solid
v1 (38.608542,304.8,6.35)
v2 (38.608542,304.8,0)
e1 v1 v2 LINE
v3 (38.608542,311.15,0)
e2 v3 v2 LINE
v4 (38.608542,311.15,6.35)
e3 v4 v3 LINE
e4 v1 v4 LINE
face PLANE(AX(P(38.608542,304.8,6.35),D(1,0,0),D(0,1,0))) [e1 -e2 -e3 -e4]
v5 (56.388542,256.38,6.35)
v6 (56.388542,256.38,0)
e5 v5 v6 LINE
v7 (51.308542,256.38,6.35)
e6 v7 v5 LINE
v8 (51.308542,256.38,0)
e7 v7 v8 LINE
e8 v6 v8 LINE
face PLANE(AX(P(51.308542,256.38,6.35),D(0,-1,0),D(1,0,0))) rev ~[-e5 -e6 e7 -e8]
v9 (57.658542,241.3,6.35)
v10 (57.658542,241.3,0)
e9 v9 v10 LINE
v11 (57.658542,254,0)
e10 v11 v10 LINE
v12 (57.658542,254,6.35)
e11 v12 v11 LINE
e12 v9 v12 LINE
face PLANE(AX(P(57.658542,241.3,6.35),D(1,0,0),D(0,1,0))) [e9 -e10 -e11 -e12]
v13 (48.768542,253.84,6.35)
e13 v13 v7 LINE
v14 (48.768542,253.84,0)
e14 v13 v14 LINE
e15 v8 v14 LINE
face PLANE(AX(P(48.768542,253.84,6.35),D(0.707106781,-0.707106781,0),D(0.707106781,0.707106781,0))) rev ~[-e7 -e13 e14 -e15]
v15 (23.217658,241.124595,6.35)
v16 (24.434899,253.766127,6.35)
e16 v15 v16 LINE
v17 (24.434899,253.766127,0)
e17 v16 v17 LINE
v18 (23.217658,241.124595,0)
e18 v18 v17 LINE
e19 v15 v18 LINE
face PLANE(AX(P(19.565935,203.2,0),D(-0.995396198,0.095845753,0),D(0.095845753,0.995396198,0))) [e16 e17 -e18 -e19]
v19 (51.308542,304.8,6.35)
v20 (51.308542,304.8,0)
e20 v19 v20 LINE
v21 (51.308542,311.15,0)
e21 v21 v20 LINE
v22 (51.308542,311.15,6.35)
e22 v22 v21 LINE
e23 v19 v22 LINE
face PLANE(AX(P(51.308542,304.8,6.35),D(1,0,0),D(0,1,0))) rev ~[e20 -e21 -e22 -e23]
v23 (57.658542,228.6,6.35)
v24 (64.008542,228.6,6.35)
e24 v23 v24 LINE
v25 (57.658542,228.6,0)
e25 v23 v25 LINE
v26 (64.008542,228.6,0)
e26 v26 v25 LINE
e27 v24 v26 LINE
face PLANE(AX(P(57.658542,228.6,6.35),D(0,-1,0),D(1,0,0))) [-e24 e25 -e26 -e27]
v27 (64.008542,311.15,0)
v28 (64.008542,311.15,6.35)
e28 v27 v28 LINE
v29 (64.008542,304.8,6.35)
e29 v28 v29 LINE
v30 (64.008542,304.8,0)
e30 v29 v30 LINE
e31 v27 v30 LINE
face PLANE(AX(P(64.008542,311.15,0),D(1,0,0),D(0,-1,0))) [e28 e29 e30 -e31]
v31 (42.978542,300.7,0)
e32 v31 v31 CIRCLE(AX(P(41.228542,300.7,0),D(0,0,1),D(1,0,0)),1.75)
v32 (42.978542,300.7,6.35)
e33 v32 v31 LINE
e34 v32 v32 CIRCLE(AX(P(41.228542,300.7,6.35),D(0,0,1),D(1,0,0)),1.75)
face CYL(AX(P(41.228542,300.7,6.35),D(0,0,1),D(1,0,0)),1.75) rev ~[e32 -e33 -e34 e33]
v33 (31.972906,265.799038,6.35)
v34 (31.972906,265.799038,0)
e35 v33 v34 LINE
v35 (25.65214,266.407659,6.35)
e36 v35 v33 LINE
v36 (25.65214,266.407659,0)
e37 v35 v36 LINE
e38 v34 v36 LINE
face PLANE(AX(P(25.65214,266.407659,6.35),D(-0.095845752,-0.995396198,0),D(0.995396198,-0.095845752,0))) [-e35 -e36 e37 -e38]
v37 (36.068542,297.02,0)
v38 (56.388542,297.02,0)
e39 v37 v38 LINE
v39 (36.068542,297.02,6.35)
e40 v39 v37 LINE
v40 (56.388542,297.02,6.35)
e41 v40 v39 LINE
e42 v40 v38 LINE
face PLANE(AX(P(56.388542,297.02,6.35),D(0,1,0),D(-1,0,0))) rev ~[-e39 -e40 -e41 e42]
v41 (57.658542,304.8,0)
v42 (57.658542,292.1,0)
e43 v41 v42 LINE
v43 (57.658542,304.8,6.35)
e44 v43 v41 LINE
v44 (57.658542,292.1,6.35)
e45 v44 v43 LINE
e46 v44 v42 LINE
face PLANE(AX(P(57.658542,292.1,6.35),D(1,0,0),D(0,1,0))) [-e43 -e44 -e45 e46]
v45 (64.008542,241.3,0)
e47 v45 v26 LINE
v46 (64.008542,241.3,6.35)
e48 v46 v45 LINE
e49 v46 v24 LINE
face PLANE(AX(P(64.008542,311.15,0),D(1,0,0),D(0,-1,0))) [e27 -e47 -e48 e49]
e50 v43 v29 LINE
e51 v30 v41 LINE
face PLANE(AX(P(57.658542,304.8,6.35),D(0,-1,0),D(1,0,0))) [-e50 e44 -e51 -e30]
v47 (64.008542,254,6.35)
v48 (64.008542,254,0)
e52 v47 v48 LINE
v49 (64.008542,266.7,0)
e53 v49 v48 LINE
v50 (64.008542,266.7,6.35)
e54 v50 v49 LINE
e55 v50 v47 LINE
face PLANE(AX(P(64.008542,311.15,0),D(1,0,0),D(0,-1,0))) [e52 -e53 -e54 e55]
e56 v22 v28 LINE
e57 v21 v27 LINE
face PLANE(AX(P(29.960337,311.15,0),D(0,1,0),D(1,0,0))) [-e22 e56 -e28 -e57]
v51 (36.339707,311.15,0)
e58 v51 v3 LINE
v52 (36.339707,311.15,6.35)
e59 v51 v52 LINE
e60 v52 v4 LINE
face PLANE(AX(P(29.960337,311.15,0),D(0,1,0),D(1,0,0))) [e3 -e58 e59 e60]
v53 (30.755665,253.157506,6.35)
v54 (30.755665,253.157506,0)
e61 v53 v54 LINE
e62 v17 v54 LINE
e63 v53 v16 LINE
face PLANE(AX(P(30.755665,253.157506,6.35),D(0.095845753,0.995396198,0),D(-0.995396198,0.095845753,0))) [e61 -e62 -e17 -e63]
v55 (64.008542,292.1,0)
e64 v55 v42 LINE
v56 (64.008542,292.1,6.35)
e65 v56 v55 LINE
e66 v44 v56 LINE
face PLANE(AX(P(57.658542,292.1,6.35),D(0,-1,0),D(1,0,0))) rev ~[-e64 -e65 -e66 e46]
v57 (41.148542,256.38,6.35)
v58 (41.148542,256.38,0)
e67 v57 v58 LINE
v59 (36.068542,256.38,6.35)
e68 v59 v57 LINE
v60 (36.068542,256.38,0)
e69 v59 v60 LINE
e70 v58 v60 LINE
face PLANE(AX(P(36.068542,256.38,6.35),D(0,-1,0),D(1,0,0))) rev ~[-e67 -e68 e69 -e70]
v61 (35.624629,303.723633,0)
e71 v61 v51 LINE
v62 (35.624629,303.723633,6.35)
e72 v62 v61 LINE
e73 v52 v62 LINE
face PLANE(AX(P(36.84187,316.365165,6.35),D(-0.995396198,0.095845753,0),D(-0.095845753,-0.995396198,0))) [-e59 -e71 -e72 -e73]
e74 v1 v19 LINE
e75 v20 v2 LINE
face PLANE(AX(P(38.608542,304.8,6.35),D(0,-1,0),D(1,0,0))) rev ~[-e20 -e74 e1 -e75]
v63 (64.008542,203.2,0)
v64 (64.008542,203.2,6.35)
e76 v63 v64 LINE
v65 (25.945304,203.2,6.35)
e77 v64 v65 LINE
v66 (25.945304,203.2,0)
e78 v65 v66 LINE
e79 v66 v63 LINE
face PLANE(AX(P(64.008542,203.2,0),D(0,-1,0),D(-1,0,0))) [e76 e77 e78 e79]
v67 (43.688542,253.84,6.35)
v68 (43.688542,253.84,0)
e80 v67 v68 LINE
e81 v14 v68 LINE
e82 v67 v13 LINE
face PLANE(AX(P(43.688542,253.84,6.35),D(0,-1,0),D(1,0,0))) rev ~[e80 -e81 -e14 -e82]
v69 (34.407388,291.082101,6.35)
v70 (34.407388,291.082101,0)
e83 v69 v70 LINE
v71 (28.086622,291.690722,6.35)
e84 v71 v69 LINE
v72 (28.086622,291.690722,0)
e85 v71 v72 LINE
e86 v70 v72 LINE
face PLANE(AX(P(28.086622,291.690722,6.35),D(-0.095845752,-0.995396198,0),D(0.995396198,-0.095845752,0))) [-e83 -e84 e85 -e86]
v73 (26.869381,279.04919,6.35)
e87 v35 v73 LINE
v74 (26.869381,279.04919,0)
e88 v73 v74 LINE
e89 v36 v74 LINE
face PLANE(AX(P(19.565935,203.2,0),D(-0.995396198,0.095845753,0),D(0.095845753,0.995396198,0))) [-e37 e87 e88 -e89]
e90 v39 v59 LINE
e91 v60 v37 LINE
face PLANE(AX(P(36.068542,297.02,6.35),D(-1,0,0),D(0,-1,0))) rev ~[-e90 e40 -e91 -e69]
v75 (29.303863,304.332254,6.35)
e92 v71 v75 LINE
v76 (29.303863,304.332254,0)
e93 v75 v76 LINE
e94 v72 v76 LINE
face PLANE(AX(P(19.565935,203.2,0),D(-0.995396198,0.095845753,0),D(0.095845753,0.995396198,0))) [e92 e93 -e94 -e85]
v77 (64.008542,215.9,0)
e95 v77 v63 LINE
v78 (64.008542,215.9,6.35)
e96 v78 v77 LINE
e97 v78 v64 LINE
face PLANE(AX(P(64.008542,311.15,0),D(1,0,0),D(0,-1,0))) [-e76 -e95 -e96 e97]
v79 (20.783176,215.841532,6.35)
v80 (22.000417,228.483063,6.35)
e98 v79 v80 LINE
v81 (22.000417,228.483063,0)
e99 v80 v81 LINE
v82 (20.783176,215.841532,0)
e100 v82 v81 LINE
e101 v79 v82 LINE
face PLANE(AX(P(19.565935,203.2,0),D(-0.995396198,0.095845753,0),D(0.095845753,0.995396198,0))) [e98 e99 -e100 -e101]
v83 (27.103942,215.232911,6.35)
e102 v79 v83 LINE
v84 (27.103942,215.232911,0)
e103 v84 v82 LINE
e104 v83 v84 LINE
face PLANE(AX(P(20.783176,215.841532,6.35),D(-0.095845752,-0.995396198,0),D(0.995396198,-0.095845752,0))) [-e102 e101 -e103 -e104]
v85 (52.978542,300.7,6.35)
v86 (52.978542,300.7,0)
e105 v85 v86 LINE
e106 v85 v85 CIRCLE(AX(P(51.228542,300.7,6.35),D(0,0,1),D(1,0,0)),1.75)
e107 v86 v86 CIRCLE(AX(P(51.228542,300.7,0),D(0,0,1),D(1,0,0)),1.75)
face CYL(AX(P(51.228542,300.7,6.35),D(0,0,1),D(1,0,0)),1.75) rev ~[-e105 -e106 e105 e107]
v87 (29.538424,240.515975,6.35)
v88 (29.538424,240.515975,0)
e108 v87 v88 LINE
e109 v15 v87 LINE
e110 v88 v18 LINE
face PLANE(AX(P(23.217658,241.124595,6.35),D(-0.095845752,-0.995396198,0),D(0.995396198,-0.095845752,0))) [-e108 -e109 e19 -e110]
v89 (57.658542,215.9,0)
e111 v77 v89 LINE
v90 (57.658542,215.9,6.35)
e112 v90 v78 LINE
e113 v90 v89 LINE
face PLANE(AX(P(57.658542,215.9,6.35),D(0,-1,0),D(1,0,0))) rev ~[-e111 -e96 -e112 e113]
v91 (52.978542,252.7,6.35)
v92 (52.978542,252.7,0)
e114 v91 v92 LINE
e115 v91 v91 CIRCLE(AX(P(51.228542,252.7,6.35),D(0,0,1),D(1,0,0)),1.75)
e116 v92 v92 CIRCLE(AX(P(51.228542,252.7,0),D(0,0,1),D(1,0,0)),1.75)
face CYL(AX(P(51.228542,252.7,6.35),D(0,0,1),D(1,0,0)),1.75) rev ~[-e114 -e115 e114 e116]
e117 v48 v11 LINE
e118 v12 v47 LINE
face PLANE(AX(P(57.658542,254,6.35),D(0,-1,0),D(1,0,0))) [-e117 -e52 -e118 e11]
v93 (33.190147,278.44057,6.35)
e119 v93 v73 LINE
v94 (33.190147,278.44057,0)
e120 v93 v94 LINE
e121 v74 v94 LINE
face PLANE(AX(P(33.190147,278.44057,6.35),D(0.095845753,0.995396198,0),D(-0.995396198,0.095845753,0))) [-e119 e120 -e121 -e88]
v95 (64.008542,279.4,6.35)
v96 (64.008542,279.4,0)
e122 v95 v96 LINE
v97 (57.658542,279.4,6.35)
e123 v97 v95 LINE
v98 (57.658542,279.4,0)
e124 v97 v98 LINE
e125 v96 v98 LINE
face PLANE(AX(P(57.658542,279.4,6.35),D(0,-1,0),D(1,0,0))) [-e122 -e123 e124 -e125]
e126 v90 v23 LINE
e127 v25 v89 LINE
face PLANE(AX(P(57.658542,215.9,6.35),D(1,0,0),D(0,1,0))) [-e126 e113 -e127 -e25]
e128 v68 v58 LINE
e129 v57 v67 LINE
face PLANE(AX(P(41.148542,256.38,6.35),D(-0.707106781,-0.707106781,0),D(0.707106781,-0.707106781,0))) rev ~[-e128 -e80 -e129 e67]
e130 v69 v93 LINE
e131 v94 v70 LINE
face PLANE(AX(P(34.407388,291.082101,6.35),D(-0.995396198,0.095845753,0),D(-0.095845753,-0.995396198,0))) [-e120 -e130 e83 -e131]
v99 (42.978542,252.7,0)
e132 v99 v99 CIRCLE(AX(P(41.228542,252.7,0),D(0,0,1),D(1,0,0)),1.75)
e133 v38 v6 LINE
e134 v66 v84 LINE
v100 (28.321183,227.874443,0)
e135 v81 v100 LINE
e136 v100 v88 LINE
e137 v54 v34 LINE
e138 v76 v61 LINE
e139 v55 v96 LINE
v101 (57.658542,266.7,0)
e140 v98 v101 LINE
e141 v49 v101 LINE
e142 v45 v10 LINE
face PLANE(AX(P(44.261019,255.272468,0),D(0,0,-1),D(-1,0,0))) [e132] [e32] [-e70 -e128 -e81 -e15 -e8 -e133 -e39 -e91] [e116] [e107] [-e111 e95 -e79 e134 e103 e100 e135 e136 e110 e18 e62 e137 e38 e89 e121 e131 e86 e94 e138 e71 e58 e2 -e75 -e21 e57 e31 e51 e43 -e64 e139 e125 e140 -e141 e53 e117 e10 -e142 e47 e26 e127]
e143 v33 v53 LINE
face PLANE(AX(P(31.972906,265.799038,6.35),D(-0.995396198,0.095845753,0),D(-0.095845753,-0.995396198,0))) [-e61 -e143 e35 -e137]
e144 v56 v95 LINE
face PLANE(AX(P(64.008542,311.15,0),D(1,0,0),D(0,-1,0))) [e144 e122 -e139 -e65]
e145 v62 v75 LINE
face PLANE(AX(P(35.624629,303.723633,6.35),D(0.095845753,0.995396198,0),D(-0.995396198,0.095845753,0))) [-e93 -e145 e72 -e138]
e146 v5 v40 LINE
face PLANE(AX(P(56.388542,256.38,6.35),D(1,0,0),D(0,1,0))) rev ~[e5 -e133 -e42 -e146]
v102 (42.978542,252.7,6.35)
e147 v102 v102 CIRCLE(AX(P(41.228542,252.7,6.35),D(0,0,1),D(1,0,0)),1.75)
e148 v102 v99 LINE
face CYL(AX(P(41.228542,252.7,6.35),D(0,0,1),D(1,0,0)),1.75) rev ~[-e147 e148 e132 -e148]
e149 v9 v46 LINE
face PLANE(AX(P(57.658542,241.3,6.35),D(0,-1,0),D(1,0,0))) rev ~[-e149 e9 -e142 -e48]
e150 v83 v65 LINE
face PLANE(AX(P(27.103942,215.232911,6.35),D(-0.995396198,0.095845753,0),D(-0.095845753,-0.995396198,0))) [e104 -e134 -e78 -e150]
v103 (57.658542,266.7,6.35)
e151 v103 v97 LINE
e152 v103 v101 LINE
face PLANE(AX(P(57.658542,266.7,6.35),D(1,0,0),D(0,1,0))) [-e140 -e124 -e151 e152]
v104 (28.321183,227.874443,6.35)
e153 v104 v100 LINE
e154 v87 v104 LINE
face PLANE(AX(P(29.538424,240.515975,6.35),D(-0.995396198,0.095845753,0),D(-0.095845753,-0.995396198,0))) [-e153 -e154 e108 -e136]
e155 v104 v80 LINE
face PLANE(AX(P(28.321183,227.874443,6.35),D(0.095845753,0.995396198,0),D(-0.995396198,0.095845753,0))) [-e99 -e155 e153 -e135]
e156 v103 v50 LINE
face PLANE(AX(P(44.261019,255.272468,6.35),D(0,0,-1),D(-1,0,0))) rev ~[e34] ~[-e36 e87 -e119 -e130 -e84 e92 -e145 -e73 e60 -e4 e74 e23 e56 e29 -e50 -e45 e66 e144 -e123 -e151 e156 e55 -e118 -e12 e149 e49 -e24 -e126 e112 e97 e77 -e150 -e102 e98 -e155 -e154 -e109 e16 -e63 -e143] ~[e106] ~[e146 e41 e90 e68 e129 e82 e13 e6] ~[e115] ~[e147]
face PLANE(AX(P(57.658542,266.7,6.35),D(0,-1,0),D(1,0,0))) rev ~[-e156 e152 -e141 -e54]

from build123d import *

# Parameters (mm, degrees)
BOSS_EXTRUDE1_DEPTH = 6.35
SKETCH4_R           = 1.75
CUT_EXTRUDE1_DEPTH  = 7.35
SKETCH6_W           = 6.35
SKETCH6_H           = 12.7
CUT_EXTRUDE2_DEPTH  = 7.35
LPATTERN1_COUNT     = 5
LPATTERN1_PITCH     = 25.4
SKETCH7_W           = 12.7
SKETCH7_H           = 6.35
CUT_EXTRUDE3_DEPTH  = 7.35
CUT_EXTRUDE4_DEPTH  = 7.35
LPATTERN2_COUNT     = 5
LPATTERN2_PITCH     = 25.4


with BuildPart() as part:
    # Sketch2 → Boss-Extrude1 (new body)
    with BuildSketch(Plane.XY):
        Polygon((19.565934594, 203.2), (29.960337347, 311.15), (64.008541785, 311.15), (64.008541785, 203.2), align=None)
    extrude(amount=BOSS_EXTRUDE1_DEPTH)

    # Sketch4 → Cut-Extrude1 (cut, through all)
    with BuildSketch(Plane.XY.offset(6.35)):
        with Locations((41.228541785, 300.7)):
            Circle(SKETCH4_R)
        with Locations((51.228541785, 300.7)):
            Circle(SKETCH4_R)
        with Locations((41.228541785, 252.7)):
            Circle(SKETCH4_R)
        with Locations((51.228541785, 252.7)):
            Circle(SKETCH4_R)
        Polygon((56.388541785, 256.38), (56.388541785, 297.02), (36.068541785, 297.02), (36.068541785, 256.38), (41.148541785, 256.38), (43.688541785, 253.84), (48.768541785, 253.84), (51.308541785, 256.38), align=None)
    extrude(amount=-CUT_EXTRUDE1_DEPTH, mode=Mode.SUBTRACT)

    # Sketch6 → Cut-Extrude2 (cut, through all)
    with BuildSketch(Plane.XY.offset(6.35)):
        with Locations((60.833541785, 298.45)):
            Rectangle(SKETCH6_W, SKETCH6_H)
    cut_extrude2 = extrude(amount=-CUT_EXTRUDE2_DEPTH, mode=Mode.SUBTRACT)

    # LPattern1: Cut-Extrude2 ×5
    with Locations(*[(0, -i * LPATTERN1_PITCH, 0) for i in range(1, LPATTERN1_COUNT)]):
        add(cut_extrude2, mode=Mode.SUBTRACT)

    # Sketch7 → Cut-Extrude3 (cut, through all)
    with BuildSketch(Plane.XY.offset(6.35)):
        with Locations((44.958541785, 307.975)):
            Rectangle(SKETCH7_W, SKETCH7_H)
    extrude(amount=-CUT_EXTRUDE3_DEPTH, mode=Mode.SUBTRACT)

    # Sketch8 → Cut-Extrude4 (cut, through all)
    with BuildSketch(Plane.XY.offset(6.35)):
        Polygon((19.565934594, 203.2), (20.783175651, 215.841531719), (27.10394151, 215.232911191), (25.886700453, 202.591379471), align=None)
    cut_extrude4 = extrude(amount=-CUT_EXTRUDE4_DEPTH, mode=Mode.SUBTRACT)

    # LPattern2: Cut-Extrude4 ×5
    with Locations(*[Vector(0.095845753, 0.995396198, 0) * (i * LPATTERN2_PITCH) for i in range(1, LPATTERN2_COUNT)]):
        add(cut_extrude4, mode=Mode.SUBTRACT)


solid = part.part
